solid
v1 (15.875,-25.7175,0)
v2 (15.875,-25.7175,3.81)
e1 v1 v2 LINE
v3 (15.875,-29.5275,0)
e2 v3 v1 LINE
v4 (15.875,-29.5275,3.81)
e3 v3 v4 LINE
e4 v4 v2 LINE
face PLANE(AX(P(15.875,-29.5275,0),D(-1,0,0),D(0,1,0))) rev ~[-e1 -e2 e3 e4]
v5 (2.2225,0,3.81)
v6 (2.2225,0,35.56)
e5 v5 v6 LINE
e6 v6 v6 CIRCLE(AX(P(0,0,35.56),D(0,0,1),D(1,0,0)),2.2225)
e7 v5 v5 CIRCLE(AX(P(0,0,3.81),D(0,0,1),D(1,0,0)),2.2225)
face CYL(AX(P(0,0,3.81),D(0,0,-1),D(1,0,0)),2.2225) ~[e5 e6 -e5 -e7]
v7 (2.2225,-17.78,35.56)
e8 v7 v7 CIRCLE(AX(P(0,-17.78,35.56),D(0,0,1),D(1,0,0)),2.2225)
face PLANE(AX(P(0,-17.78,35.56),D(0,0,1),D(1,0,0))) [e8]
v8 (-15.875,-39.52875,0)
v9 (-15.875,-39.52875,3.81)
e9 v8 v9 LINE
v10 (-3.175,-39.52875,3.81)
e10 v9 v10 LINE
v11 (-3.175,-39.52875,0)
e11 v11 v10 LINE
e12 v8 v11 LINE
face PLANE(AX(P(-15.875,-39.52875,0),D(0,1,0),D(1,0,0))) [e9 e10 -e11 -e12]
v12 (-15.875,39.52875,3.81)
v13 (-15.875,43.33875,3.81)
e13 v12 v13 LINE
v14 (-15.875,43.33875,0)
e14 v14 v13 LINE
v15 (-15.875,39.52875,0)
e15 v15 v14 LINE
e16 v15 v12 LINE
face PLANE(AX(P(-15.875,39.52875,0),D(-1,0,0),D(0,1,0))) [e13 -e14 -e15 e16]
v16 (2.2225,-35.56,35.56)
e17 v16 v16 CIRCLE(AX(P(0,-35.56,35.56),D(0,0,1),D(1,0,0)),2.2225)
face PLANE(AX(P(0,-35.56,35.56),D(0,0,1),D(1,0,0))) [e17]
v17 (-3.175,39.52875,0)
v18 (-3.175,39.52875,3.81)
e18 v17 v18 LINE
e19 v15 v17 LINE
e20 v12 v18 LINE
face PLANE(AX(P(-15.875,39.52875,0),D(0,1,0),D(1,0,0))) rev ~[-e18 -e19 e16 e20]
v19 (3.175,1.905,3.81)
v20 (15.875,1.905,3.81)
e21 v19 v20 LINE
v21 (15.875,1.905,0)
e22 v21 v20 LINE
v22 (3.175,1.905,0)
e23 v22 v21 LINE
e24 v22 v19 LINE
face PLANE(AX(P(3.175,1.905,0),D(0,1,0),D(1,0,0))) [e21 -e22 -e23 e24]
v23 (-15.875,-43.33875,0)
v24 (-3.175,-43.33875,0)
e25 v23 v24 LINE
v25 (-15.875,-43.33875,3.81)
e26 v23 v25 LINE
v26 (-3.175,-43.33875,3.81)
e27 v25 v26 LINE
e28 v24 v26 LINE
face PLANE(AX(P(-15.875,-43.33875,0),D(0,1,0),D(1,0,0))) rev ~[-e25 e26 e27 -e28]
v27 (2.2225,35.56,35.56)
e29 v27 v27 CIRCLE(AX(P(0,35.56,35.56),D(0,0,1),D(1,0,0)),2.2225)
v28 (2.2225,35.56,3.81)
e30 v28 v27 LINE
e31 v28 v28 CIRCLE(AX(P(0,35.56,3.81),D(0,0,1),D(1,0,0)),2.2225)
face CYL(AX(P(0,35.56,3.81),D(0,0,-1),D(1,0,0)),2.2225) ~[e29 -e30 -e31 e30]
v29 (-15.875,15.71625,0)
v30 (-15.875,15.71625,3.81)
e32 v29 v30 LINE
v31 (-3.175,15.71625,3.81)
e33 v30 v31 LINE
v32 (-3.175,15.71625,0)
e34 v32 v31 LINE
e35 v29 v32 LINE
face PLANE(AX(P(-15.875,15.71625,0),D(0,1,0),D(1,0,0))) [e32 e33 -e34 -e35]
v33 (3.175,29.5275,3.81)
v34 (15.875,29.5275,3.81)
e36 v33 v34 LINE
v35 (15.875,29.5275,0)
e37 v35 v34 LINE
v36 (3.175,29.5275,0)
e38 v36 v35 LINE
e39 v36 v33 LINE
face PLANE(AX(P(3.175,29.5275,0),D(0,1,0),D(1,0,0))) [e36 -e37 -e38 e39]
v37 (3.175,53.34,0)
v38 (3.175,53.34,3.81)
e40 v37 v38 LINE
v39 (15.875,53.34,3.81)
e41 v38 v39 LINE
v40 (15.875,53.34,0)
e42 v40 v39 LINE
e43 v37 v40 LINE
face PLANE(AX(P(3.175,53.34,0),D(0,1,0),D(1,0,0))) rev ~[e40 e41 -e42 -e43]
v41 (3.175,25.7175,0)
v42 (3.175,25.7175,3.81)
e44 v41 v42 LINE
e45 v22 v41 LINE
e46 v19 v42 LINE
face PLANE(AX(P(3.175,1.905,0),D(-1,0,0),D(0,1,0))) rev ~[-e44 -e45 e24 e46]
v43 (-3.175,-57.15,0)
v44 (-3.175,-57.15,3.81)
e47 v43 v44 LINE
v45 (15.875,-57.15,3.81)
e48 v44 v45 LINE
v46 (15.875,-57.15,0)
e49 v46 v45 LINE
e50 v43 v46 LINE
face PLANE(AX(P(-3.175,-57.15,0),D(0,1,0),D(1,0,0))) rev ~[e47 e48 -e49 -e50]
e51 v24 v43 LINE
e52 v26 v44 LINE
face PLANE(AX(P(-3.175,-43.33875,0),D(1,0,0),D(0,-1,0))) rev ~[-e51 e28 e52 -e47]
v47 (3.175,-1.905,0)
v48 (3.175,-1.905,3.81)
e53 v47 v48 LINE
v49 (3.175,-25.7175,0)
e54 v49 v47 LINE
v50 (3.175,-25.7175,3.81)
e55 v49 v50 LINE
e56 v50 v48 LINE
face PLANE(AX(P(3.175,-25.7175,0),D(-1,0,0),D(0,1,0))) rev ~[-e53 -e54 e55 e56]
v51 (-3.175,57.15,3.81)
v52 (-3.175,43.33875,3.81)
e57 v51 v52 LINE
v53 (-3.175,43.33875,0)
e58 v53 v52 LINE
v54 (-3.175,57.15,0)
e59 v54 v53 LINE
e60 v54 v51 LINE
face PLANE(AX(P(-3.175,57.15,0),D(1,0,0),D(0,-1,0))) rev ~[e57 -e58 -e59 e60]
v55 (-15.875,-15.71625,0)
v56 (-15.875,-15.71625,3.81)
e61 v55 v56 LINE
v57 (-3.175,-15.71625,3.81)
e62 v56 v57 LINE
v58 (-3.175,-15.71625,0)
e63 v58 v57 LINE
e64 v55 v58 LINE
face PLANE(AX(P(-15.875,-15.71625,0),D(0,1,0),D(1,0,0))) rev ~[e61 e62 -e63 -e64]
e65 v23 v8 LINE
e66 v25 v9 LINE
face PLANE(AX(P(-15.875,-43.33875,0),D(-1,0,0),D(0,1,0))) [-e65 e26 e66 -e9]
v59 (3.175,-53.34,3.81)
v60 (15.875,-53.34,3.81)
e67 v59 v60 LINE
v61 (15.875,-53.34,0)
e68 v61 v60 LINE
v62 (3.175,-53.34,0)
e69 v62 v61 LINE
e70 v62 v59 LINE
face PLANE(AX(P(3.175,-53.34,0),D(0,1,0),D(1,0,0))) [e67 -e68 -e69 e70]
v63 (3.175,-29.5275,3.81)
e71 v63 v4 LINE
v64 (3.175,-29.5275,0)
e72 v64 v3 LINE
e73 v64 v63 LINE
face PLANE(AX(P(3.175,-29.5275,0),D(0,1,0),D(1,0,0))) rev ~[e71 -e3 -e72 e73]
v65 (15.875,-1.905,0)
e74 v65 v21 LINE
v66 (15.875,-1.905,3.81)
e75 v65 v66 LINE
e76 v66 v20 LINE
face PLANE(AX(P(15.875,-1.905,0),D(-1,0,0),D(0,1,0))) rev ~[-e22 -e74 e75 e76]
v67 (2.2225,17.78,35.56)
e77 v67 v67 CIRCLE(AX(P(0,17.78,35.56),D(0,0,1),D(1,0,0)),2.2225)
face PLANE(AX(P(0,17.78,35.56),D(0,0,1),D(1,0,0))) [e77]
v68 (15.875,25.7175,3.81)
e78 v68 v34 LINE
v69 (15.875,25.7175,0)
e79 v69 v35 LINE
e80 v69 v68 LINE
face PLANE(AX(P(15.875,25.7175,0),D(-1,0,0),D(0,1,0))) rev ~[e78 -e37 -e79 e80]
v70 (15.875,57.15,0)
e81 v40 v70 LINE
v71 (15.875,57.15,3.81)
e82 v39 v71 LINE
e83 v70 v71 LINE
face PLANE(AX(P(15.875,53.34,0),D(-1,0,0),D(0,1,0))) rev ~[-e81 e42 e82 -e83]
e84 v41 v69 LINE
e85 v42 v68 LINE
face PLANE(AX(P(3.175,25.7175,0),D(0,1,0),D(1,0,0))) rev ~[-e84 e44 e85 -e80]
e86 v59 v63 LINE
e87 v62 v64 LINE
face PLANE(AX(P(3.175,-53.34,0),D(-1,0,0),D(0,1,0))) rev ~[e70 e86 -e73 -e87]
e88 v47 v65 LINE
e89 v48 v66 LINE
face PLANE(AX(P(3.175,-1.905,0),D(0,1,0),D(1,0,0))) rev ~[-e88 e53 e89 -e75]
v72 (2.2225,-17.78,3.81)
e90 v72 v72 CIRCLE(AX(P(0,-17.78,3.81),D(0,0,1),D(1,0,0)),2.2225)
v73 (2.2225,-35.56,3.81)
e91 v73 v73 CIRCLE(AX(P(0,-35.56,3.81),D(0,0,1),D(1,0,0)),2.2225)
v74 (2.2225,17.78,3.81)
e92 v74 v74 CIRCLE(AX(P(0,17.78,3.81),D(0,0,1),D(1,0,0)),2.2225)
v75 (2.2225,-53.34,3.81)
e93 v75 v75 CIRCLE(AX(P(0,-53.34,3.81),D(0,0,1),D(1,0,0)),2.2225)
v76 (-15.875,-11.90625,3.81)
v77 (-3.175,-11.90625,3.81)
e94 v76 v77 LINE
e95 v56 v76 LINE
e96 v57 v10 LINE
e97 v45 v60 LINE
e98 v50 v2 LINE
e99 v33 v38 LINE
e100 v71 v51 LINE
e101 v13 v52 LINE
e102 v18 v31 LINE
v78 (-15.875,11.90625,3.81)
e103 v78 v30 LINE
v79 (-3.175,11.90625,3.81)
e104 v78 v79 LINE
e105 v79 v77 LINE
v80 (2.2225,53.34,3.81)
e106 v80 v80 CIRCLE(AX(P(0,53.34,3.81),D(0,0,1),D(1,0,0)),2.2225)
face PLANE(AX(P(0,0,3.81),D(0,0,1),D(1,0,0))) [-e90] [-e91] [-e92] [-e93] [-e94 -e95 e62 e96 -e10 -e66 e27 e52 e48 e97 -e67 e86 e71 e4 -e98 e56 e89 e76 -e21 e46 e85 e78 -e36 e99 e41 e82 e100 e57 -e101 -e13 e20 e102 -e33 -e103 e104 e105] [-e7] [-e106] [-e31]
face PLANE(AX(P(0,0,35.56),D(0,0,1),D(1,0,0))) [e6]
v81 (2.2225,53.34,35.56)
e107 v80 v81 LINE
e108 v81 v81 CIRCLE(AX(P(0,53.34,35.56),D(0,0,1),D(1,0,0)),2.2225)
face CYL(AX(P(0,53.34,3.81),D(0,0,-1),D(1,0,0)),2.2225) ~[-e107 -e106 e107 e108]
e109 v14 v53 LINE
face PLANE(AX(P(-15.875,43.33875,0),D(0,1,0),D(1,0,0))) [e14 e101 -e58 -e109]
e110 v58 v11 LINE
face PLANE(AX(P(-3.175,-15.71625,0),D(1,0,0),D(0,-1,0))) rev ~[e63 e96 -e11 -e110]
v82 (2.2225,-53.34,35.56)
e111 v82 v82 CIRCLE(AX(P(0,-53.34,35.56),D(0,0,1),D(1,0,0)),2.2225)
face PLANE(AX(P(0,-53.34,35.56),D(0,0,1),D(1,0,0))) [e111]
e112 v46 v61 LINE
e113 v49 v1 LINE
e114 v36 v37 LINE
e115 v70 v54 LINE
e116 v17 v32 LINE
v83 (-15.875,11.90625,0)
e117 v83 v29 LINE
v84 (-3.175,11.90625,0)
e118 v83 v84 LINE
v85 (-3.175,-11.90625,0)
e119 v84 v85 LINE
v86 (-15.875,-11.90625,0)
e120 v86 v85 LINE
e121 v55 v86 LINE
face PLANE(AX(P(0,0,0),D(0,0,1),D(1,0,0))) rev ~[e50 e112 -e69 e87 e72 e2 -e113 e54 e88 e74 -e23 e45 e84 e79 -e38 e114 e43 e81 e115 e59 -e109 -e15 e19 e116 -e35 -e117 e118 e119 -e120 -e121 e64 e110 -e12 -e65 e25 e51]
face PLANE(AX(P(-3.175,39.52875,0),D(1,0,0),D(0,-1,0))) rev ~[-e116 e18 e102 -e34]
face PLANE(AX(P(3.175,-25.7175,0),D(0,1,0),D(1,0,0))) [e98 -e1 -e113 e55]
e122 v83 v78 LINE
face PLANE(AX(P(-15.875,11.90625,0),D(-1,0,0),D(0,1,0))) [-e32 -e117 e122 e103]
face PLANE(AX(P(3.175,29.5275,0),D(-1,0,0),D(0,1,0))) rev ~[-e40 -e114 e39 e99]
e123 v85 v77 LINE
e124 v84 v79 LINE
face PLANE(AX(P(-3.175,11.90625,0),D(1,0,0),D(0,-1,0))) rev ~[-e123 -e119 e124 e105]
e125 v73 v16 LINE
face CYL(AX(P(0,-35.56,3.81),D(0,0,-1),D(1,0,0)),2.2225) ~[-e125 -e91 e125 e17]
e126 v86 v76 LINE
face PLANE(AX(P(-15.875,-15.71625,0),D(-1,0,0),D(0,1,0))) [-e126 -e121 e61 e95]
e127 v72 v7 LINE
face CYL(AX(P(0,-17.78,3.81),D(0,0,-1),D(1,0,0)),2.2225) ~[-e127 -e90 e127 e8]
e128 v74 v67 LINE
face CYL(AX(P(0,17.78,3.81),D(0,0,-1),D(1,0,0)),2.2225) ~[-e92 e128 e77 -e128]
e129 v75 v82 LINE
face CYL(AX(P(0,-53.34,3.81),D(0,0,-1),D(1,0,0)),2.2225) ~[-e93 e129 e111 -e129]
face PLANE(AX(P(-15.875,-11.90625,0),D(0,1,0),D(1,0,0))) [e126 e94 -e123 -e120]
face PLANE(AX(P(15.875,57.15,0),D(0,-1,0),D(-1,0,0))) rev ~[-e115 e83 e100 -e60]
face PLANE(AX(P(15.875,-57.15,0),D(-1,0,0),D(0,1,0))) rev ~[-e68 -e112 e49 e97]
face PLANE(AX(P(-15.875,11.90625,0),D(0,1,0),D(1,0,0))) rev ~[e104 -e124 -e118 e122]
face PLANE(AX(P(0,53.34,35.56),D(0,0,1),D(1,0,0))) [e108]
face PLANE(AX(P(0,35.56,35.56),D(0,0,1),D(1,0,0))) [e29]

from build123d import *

# Parameters (mm, degrees)
F0_W     = 12.7
F0_H     = 3.81
F1_DEPTH = 3.81
F2_R     = 2.2225
F3_DEPTH = 31.75


with BuildPart() as f1:
    # F0 (on Top) → F1 (new body)
    with BuildSketch(Plane.XY):
        Polygon((3.175, 57.15), (-3.175, 57.15), (-3.175, 43.33875), (-3.175, 39.52875), (-3.175, 15.71625), (-3.175, 11.90625), (-3.175, -11.90625), (-3.175, -15.71625), (-3.175, -39.52875), (-3.175, -43.33875), (-3.175, -57.15), (3.175, -57.15), (3.175, -53.34), (3.175, -29.5275), (3.175, -25.7175), (3.175, -1.905), (3.175, 1.905), (3.175, 25.7175), (3.175, 29.5275), (3.175, 53.34), align=None)
        with Locations((-9.525, -41.43375)):
            Rectangle(F0_W, F0_H)
        with Locations((9.525, 0)):
            Rectangle(F0_W, F0_H)
        with Locations((9.525, 55.245)):
            Rectangle(F0_W, F0_H)
        with Locations((-9.525, -13.81125)):
            Rectangle(F0_W, F0_H)
        with Locations((9.525, 27.6225)):
            Rectangle(F0_W, F0_H)
        with Locations((9.525, -55.245)):
            Rectangle(F0_W, F0_H)
        with Locations((-9.525, 13.81125)):
            Rectangle(F0_W, F0_H)
        with Locations((9.525, -27.6225)):
            Rectangle(F0_W, F0_H)
        with Locations((-9.525, 41.43375)):
            Rectangle(F0_W, F0_H)
    extrude(amount=F1_DEPTH)

    # F2 (on face) → F3 (join)
    with BuildSketch(Plane.XY.offset(3.81)):
        Circle(F2_R)
        with Locations((0, 17.78)):
            Circle(F2_R)
        with Locations((0, 35.56)):
            Circle(F2_R)
        with Locations((0, 53.34)):
            Circle(F2_R)
        with Locations((0, -17.78)):
            Circle(F2_R)
        with Locations((0, -35.56)):
            Circle(F2_R)
        with Locations((0, -53.34)):
            Circle(F2_R)
    extrude(amount=F3_DEPTH)


solid = f1.part
